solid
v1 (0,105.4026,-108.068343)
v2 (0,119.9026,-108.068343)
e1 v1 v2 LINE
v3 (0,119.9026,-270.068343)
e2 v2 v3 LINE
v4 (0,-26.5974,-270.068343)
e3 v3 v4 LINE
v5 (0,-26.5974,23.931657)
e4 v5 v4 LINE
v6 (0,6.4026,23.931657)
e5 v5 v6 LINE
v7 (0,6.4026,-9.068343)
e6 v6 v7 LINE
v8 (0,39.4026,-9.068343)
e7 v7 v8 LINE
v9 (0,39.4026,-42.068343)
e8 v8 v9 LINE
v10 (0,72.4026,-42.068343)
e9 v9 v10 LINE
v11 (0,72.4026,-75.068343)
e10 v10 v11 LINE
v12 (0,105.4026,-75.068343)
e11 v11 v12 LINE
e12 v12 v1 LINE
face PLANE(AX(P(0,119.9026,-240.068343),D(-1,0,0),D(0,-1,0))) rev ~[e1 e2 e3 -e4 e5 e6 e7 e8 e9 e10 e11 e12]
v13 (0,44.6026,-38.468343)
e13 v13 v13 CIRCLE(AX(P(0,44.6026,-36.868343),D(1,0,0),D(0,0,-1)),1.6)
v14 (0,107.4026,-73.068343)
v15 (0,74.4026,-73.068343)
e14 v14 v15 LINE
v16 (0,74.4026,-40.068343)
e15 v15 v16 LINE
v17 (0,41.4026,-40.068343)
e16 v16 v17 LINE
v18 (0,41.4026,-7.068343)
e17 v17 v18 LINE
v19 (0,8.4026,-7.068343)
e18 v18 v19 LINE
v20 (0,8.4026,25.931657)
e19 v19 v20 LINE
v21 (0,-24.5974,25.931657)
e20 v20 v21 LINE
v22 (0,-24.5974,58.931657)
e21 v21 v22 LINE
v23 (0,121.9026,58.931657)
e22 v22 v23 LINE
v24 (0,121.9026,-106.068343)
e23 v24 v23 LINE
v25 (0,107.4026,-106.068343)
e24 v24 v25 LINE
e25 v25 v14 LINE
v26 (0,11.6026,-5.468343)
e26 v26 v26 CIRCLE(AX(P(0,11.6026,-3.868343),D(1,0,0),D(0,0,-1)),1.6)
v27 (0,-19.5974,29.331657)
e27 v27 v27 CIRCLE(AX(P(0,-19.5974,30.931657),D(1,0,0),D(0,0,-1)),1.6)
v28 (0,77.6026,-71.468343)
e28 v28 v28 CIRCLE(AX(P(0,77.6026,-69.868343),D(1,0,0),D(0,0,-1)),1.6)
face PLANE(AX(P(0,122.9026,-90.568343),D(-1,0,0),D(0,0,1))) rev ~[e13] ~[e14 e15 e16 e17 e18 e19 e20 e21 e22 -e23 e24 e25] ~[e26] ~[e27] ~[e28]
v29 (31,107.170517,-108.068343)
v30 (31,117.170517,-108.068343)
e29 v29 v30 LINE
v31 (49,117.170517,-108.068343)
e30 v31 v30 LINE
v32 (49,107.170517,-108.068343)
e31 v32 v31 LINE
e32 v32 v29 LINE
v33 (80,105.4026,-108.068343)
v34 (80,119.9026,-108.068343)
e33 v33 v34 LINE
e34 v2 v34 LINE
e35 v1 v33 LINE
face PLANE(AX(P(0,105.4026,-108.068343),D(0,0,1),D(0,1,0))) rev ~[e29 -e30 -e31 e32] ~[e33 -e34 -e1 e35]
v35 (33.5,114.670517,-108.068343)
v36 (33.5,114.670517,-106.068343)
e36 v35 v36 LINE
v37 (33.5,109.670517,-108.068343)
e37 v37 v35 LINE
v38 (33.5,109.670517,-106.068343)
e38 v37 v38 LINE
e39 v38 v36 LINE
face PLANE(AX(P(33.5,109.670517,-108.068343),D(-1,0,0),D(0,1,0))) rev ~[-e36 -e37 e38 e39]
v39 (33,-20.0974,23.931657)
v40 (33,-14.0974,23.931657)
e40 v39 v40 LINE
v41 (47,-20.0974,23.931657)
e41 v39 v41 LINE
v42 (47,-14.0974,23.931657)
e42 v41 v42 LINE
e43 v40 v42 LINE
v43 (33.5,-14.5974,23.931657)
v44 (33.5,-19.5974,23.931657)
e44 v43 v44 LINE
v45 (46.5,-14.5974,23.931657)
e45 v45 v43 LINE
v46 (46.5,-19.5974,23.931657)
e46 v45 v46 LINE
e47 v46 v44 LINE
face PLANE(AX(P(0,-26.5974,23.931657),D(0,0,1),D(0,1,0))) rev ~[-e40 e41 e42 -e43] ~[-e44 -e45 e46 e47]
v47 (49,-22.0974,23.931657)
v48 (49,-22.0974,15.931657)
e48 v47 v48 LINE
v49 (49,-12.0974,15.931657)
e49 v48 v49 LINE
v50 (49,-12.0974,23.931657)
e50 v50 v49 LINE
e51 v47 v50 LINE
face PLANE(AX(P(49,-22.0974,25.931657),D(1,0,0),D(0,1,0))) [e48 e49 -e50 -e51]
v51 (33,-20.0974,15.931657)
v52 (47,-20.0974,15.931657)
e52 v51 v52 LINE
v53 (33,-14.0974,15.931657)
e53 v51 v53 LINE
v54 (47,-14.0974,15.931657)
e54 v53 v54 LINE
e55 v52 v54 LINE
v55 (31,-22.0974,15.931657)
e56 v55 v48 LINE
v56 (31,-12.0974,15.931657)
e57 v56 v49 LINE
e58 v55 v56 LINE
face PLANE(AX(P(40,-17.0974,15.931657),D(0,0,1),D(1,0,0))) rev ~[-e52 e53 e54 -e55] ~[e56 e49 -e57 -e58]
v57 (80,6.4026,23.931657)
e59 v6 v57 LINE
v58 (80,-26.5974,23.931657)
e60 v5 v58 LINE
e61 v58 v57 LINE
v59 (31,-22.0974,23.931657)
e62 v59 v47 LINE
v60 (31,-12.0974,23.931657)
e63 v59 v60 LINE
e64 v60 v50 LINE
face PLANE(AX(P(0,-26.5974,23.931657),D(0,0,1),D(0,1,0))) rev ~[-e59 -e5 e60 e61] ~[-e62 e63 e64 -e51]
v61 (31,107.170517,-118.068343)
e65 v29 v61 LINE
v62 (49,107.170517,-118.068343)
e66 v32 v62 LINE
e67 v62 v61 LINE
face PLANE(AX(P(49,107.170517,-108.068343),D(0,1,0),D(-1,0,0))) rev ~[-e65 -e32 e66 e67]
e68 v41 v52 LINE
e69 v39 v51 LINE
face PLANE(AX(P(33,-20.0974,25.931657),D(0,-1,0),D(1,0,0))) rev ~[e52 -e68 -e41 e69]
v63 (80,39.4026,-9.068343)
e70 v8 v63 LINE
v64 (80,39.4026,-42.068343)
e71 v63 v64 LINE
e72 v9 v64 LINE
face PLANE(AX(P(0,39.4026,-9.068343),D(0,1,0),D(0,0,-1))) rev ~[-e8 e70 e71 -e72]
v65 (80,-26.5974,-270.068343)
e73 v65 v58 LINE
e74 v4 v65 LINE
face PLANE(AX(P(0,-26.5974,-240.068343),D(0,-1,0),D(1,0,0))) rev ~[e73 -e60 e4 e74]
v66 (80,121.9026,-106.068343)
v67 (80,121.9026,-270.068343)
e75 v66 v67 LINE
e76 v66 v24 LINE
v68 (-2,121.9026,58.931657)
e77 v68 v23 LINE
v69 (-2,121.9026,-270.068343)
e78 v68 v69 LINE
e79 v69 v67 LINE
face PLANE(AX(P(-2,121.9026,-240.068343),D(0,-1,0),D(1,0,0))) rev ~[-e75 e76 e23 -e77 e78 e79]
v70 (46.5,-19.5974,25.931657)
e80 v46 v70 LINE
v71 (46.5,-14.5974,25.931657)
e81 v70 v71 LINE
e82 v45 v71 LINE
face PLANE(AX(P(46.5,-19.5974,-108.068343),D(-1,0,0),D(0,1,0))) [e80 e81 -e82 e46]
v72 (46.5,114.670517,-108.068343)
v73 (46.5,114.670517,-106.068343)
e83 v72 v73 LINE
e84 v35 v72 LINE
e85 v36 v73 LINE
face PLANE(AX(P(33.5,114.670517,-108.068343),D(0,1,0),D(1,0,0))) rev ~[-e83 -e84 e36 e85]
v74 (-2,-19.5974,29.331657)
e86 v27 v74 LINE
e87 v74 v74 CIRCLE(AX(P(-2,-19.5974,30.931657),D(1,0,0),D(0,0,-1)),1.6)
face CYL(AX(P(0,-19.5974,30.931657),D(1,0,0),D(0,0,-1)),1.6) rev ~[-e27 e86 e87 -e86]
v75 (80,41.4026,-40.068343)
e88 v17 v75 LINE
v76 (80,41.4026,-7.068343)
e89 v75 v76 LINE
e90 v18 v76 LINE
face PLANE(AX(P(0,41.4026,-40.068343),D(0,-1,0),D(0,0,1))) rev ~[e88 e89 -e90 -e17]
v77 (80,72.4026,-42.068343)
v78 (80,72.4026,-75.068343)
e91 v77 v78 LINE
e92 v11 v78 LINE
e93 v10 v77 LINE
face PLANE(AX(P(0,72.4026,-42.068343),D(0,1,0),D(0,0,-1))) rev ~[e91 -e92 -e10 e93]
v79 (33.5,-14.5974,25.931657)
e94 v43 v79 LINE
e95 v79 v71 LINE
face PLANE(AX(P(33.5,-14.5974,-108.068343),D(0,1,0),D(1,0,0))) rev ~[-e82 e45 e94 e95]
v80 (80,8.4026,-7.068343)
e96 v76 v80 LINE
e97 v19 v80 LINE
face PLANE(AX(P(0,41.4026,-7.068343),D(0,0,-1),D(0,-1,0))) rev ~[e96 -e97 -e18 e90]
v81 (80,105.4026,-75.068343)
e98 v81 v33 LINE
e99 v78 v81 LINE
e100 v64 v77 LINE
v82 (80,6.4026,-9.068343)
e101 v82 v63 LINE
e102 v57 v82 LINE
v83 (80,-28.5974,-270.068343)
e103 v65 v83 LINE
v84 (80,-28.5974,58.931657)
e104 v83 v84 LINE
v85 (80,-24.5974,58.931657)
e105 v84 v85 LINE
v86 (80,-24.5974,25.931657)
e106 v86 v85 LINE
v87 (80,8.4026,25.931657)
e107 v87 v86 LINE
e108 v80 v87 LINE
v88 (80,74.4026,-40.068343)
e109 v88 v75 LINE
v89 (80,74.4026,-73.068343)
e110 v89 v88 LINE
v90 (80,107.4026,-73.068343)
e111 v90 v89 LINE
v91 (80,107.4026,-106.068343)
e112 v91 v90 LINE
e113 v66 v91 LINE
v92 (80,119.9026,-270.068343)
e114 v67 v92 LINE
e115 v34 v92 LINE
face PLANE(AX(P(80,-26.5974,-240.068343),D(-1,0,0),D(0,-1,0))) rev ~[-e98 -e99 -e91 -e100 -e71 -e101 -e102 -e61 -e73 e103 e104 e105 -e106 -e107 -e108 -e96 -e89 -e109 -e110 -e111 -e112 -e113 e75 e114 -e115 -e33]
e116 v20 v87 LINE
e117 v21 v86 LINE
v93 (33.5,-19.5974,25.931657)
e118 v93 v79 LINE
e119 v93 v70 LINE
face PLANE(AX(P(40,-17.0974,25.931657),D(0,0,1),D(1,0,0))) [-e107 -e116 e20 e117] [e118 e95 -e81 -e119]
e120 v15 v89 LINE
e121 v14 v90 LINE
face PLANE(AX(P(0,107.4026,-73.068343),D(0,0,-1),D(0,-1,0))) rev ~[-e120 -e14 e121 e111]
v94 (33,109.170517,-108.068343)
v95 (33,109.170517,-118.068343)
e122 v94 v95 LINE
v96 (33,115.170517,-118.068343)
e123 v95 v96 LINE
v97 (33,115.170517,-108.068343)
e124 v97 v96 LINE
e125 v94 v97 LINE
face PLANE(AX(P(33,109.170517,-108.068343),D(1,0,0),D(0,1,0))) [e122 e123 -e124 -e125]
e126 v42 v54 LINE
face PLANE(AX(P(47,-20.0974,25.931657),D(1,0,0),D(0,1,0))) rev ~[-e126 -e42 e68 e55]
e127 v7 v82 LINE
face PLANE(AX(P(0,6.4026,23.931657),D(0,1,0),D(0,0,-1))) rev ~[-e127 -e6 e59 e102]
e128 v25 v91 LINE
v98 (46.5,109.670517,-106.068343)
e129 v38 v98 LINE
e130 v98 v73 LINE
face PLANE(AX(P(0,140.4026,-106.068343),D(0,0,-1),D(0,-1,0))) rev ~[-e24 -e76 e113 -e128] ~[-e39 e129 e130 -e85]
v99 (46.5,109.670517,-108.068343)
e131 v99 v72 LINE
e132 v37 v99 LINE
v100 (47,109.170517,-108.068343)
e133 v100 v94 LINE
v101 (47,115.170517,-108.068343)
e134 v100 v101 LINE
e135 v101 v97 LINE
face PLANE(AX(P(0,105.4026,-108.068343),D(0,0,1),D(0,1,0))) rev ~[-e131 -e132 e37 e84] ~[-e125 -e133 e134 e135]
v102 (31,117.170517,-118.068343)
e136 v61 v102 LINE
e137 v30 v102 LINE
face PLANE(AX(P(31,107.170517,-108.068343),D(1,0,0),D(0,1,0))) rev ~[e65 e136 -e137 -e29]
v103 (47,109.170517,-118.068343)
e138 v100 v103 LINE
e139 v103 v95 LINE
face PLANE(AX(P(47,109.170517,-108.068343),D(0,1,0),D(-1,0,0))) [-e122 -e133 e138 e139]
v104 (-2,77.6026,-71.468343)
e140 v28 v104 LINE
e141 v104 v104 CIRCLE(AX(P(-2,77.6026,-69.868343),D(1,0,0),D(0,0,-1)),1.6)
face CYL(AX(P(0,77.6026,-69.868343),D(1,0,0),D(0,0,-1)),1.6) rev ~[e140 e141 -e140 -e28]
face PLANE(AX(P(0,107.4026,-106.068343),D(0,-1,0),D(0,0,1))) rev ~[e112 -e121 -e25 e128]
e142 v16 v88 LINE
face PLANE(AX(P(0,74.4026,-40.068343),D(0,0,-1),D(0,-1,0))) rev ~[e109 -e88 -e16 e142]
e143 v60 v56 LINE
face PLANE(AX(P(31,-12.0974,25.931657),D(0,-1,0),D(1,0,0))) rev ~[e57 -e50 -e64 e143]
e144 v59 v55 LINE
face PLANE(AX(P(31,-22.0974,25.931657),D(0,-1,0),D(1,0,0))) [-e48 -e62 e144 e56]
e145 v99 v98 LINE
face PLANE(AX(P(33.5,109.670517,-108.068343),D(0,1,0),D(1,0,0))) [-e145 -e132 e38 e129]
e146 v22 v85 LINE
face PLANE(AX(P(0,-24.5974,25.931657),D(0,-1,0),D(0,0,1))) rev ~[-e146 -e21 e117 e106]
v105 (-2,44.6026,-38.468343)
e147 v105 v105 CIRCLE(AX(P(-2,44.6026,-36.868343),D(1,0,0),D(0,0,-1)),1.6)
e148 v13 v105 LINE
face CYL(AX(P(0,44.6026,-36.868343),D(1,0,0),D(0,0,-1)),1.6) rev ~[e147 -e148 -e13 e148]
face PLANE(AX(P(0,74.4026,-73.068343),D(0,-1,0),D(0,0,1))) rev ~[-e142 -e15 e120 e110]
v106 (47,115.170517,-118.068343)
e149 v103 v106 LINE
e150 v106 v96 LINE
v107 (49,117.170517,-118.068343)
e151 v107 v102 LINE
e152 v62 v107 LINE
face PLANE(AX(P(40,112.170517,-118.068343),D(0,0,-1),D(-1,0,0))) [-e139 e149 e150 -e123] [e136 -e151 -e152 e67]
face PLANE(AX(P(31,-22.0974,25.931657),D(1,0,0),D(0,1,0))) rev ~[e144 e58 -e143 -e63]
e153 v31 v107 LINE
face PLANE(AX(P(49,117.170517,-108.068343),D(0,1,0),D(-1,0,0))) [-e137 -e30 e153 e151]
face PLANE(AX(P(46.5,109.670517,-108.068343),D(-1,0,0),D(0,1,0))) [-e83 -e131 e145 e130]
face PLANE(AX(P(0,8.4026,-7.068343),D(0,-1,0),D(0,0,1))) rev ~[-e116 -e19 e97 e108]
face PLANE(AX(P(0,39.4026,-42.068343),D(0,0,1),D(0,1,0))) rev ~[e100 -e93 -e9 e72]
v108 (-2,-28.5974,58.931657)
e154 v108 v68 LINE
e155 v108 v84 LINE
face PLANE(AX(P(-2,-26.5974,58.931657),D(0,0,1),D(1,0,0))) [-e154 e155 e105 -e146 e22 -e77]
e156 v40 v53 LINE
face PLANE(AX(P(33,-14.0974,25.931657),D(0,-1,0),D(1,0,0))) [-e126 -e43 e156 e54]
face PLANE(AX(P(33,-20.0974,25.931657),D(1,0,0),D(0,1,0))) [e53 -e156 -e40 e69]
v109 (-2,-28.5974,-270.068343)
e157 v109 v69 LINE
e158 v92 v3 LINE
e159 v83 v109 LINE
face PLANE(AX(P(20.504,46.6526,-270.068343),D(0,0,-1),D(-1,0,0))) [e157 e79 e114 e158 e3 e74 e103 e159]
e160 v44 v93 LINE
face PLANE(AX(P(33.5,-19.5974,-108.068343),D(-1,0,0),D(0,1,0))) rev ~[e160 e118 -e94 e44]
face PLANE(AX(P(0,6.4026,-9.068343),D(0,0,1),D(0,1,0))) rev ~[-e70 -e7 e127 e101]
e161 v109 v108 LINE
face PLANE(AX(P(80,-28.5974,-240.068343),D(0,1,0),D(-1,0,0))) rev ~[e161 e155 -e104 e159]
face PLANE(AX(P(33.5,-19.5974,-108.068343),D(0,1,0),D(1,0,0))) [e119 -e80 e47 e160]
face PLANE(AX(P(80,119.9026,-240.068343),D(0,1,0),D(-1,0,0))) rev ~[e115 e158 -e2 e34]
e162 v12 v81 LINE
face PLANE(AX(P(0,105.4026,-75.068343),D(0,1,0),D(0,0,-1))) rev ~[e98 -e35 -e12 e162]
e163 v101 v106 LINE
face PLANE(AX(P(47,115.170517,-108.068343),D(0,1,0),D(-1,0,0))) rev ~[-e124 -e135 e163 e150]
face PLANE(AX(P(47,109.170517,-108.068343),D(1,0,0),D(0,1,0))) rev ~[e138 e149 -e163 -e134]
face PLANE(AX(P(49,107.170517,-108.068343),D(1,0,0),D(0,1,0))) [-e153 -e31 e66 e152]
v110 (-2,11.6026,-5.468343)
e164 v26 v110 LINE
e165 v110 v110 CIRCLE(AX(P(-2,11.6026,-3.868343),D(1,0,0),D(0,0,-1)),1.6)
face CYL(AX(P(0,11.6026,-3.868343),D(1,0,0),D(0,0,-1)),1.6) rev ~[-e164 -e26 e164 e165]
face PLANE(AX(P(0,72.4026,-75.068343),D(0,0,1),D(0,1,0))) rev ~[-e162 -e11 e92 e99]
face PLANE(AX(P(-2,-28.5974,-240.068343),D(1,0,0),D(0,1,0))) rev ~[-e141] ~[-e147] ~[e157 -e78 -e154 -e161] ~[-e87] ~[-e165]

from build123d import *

# Parameters (mm, degrees)
BOSS_EXTRUDE1_DEPTH = 80
SKETCH3_W           = 299
SKETCH3_H           = 299
BOSS_EXTRUDE2_DEPTH = 2
SKETCH4_W           = 82
SKETCH4_H           = 299
BOSS_EXTRUDE3_DEPTH = 2
SKETCH6_W           = 299
SKETCH6_H           = 150.5
CUT_EXTRUDE1_DEPTH  = 82
SKETCH7_W           = 132
SKETCH7_H           = 2
BOSS_EXTRUDE5_DEPTH = 80
SKETCH8_R           = 1.6
CUT_EXTRUDE2_DEPTH  = 2
CUT_EXTRUDE3_START  = -134
SKETCH9_W           = 13
SKETCH9_H           = 5
CUT_EXTRUDE3_DEPTH  = 134
SKETCH10_W          = 18
SKETCH10_H          = 10
SKETCH10_W_2        = 14
SKETCH10_H_2        = 6
BOSS_EXTRUDE6_DEPTH = 10
SKETCH11_W          = 18
SKETCH11_H          = 10
SKETCH11_W_2        = 14
SKETCH11_H_2        = 6
BOSS_EXTRUDE7_DEPTH = 10
BOSS_EXTRUDE8_DEPTH = 30


with BuildPart() as part:
    # Sketch1 → Boss-Extrude1 (new body)
    with BuildSketch(Plane(origin=(0, 0, 0), x_dir=(0, 0, -1), z_dir=(1, 0, 0))):
        Polygon((-23.931657395, -26.597399746), (-23.931657395, 6.402600254), (9.068342605, 6.402600254), (9.068342605, 39.402600254), (42.068342605, 39.402600254), (42.068342605, 72.402600254), (75.068342605, 72.402600254), (75.068342605, 105.402600254), (108.068342605, 105.402600254), (108.068342605, 138.402600254), (141.068342605, 138.402600254), (141.068342605, 171.402600254), (174.068342605, 171.402600254), (174.068342605, 204.402600254), (207.068342605, 204.402600254), (207.068342605, 237.402600254), (240.068342605, 237.402600254), (240.068342605, 272.402600254), (238.068342605, 272.402600254), (238.068342605, 239.402600254), (205.068342605, 239.402600254), (205.068342605, 206.402600254), (172.068342605, 206.402600254), (172.068342605, 173.402600254), (139.068342605, 173.402600254), (139.068342605, 140.402600254), (106.068342605, 140.402600254), (106.068342605, 107.402600254), (73.068342605, 107.402600254), (73.068342605, 74.402600254), (40.068342605, 74.402600254), (40.068342605, 41.402600254), (7.068342605, 41.402600254), (7.068342605, 8.402600254), (-25.931657395, 8.402600254), (-25.931657395, -24.597399746), (-58.931657395, -24.597399746), (-58.931657395, -26.597399746), align=None)
    extrude(amount=BOSS_EXTRUDE1_DEPTH)

    # Sketch3 → Boss-Extrude2 (add)
    with BuildSketch(Plane.ZY):
        with Locations((-90.568342605, 122.902600254)):
            Rectangle(SKETCH3_W, SKETCH3_H)
    extrude(amount=BOSS_EXTRUDE2_DEPTH)

    # Sketch4 → Boss-Extrude3 (add)
    with BuildSketch(Plane.XZ.offset(26.597399746)):
        with Locations((39, -90.568342605)):
            Rectangle(SKETCH4_W, SKETCH4_H)
    extrude(amount=BOSS_EXTRUDE3_DEPTH)

    # Sketch6 → Cut-Extrude1 (cut)
    with BuildSketch(Plane.ZY.offset(2)):
        with Locations((-90.568342605, 197.152600254)):
            Rectangle(SKETCH6_W, SKETCH6_H)
    extrude(amount=-CUT_EXTRUDE1_DEPTH, mode=Mode.SUBTRACT)

    # Sketch7 → Boss-Extrude5 (add)
    with BuildSketch(Plane(origin=(0, 0, 0), x_dir=(0, 0, -1), z_dir=(1, 0, 0))):
        with Locations((174.068342605, 120.902600254)):
            Rectangle(SKETCH7_W, SKETCH7_H)
    extrude(amount=BOSS_EXTRUDE5_DEPTH)

    # Sketch8 → Cut-Extrude2 (cut)
    with BuildSketch(Plane(origin=(0, 0, 0), x_dir=(0, 0, -1), z_dir=(1, 0, 0))):
        with Locations((-30.931657395, -19.597399746)):
            Circle(SKETCH8_R)
        with Locations((3.868342605, 11.602600254)):
            Circle(SKETCH8_R)
        with Locations((36.868342605, 44.602600254)):
            Circle(SKETCH8_R)
        with Locations((69.868342605, 77.602600254)):
            Circle(SKETCH8_R)
    extrude(amount=-CUT_EXTRUDE2_DEPTH, mode=Mode.SUBTRACT)

    # Sketch9 → Cut-Extrude3 (cut)
    with BuildSketch(Plane.XY.offset(25.931657395).offset(CUT_EXTRUDE3_START)):
        with Locations((40, -17.097399746)):
            Rectangle(SKETCH9_W, SKETCH9_H)
        with Locations((40, 112.170516798)):
            Rectangle(SKETCH9_W, SKETCH9_H)
    extrude(amount=CUT_EXTRUDE3_DEPTH, mode=Mode.SUBTRACT)

    # Sketch10 → Boss-Extrude6 (add)
    with BuildSketch(Plane.XY.offset(25.931657395)):
        with Locations((40, -17.097399746)):
            Rectangle(SKETCH10_W, SKETCH10_H)
        with Locations((40, -17.097399746)):
            Rectangle(SKETCH10_W_2, SKETCH10_H_2, mode=Mode.SUBTRACT)
    extrude(amount=-BOSS_EXTRUDE6_DEPTH)

    # Sketch11 → Boss-Extrude7 (add)
    with BuildSketch(Plane(origin=(0, 0, -108.068342605), x_dir=(-1, 0, 0), z_dir=(0, 0, -1))):
        with Locations((-40, 112.170516798)):
            Rectangle(SKETCH11_W, SKETCH11_H)
        with Locations((-40, 112.170516798)):
            Rectangle(SKETCH11_W_2, SKETCH11_H_2, mode=Mode.SUBTRACT)
    extrude(amount=BOSS_EXTRUDE7_DEPTH)

    # Sketch12 → Boss-Extrude8 (add)
    with BuildSketch(Plane(origin=(0, 0, -240.068342605), x_dir=(-1, 0, 0), z_dir=(0, 0, -1))):
        Polygon((2, -28.597399746), (2, 121.902600254), (-80, 121.902600254), (-80, 119.902600254), (0, 119.902600254), (0, -26.597399746), (-80, -26.597399746), (-80, -28.597399746), align=None)
    extrude(amount=BOSS_EXTRUDE8_DEPTH)


solid = part.part
